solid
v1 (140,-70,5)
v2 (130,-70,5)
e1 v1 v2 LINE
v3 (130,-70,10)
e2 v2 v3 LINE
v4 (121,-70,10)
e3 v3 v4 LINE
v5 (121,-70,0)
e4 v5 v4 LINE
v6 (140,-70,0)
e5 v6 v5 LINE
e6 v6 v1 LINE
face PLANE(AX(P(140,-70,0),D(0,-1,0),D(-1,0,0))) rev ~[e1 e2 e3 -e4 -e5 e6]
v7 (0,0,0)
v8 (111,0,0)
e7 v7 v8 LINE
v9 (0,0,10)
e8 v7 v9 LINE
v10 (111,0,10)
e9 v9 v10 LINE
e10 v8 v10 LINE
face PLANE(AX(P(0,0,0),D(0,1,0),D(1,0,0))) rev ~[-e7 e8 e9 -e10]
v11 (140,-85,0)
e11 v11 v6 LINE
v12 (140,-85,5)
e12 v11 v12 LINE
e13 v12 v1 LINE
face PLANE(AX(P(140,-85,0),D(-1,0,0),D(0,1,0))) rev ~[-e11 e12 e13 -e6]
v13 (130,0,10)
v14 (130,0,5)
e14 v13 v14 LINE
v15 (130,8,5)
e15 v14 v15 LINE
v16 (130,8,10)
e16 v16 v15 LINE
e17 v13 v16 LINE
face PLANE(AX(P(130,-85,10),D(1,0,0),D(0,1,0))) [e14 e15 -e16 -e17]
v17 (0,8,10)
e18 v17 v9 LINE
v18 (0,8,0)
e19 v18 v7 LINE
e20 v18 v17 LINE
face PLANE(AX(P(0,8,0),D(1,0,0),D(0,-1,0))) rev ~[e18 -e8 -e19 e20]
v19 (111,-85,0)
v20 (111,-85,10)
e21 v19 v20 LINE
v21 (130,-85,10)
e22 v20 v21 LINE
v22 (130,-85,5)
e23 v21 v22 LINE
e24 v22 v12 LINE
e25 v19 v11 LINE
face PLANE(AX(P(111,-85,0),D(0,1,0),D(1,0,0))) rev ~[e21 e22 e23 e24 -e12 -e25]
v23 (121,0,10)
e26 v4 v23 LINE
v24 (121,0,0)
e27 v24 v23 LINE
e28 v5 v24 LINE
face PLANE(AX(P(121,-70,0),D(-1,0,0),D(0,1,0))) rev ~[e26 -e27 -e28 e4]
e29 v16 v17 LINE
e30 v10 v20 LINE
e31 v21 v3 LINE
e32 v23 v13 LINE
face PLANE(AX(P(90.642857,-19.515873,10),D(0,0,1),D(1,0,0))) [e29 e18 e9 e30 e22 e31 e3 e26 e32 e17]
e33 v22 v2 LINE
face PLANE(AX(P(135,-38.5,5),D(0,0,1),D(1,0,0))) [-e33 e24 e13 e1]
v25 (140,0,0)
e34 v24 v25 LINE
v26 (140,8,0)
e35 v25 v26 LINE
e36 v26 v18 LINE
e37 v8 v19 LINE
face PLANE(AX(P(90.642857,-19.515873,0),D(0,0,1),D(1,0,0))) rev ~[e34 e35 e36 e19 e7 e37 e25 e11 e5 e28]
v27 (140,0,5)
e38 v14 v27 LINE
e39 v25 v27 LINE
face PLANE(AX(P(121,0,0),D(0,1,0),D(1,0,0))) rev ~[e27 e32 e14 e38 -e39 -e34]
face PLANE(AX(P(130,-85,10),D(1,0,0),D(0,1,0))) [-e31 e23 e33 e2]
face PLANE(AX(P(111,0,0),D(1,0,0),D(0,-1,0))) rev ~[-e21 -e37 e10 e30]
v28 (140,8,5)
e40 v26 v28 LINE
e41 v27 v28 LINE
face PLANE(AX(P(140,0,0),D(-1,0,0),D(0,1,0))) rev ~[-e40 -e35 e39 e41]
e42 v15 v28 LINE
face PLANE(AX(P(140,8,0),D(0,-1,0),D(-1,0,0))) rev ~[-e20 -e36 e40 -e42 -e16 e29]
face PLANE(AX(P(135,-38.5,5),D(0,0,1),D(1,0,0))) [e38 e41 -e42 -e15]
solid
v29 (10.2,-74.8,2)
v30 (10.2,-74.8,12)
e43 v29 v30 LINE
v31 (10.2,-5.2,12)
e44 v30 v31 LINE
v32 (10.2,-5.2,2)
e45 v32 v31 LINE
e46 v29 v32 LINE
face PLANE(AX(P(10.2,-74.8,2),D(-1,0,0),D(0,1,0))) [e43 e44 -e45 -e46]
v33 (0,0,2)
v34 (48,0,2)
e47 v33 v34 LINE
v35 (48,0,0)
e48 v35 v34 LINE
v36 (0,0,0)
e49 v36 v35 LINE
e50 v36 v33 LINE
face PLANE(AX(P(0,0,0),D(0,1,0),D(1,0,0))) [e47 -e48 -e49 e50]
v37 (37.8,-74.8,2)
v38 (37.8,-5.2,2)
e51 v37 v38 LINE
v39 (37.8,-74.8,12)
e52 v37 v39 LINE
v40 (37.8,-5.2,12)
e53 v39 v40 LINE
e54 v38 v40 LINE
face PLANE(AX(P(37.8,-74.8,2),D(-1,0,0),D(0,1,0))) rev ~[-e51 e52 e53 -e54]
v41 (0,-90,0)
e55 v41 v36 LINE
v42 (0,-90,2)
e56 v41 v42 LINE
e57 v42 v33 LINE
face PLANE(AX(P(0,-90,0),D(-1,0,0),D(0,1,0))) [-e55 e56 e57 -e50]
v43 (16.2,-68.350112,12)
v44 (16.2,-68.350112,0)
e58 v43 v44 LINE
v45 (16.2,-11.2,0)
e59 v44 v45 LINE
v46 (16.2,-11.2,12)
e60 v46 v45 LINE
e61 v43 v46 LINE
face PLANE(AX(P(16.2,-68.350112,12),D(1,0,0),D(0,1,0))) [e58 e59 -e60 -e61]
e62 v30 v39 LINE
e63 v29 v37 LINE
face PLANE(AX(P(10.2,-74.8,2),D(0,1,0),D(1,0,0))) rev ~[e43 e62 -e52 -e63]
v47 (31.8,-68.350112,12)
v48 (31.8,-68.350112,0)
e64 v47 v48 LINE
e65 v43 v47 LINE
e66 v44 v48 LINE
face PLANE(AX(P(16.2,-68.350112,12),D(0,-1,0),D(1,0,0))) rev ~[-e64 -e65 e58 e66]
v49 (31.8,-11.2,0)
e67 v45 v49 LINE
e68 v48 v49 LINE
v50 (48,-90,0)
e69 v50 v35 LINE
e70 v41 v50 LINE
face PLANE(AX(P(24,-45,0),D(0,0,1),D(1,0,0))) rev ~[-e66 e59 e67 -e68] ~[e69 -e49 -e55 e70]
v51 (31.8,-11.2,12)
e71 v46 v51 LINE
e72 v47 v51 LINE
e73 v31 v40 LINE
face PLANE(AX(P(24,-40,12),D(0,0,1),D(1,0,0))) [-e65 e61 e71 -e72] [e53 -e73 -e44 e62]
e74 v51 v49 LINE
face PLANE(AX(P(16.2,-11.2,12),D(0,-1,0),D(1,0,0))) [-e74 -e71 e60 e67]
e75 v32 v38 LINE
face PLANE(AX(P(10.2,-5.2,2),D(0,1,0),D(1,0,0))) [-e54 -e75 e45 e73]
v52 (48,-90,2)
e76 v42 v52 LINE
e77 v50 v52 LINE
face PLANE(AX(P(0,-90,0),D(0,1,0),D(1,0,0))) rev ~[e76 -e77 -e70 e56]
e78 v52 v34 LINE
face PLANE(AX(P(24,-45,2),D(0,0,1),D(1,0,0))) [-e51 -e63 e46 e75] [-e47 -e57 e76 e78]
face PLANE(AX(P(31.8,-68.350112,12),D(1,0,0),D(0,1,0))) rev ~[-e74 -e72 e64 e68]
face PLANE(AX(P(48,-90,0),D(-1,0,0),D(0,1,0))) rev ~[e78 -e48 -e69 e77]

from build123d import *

# Parameters (mm, degrees)
PAD_DEPTH       = 10
SKETCH002_W     = 10
SKETCH002_H     = 93
POCKET_DEPTH    = 5
SKETCH003_W     = 48
SKETCH003_H     = 90
PAD001_DEPTH    = 2
SKETCH004_W     = 27.6
SKETCH004_H     = 69.6
PAD002_DEPTH    = 10
SKETCH005_W     = 15.6
SKETCH005_H     = 57.150113
POCKET001_DEPTH = 15


with BuildPart() as body:
    # Sketch → Pad (new body)
    with BuildSketch(Plane.XY):
        Polygon((140, 8), (0, 8), (0, 0), (111, 0), (111, -85), (121, -85), (140, -85), (140, -70), (121, -70), (121, 0), (140, 0), align=None)
    extrude(amount=PAD_DEPTH)

    # Sketch002 (on Face13 of Pad) → Pocket (cut)
    with BuildSketch(Plane.XY.offset(10)):
        with Locations((135, -38.5)):
            Rectangle(SKETCH002_W, SKETCH002_H)
    extrude(amount=-POCKET_DEPTH, mode=Mode.SUBTRACT)


with BuildPart() as body001:
    # Sketch003 → Pad001 (new body)
    with BuildSketch(Plane.XY):
        with Locations((24, -45)):
            Rectangle(SKETCH003_W, SKETCH003_H)
    extrude(amount=PAD001_DEPTH)

    # Sketch004 (on Face6 of Pad001) → Pad002 (join)
    with BuildSketch(Plane.XY.offset(2)):
        with Locations((24, -40)):
            Rectangle(SKETCH004_W, SKETCH004_H)
    extrude(amount=PAD002_DEPTH)

    # Sketch005 (on Face11 of Pad002) → Pocket001 (cut)
    with BuildSketch(Plane.XY.offset(12)):
        with Locations((24, -39.775056)):
            Rectangle(SKETCH005_W, SKETCH005_H)
    extrude(amount=-POCKET001_DEPTH, mode=Mode.SUBTRACT)


solid = Compound([body.part, body001.part])
